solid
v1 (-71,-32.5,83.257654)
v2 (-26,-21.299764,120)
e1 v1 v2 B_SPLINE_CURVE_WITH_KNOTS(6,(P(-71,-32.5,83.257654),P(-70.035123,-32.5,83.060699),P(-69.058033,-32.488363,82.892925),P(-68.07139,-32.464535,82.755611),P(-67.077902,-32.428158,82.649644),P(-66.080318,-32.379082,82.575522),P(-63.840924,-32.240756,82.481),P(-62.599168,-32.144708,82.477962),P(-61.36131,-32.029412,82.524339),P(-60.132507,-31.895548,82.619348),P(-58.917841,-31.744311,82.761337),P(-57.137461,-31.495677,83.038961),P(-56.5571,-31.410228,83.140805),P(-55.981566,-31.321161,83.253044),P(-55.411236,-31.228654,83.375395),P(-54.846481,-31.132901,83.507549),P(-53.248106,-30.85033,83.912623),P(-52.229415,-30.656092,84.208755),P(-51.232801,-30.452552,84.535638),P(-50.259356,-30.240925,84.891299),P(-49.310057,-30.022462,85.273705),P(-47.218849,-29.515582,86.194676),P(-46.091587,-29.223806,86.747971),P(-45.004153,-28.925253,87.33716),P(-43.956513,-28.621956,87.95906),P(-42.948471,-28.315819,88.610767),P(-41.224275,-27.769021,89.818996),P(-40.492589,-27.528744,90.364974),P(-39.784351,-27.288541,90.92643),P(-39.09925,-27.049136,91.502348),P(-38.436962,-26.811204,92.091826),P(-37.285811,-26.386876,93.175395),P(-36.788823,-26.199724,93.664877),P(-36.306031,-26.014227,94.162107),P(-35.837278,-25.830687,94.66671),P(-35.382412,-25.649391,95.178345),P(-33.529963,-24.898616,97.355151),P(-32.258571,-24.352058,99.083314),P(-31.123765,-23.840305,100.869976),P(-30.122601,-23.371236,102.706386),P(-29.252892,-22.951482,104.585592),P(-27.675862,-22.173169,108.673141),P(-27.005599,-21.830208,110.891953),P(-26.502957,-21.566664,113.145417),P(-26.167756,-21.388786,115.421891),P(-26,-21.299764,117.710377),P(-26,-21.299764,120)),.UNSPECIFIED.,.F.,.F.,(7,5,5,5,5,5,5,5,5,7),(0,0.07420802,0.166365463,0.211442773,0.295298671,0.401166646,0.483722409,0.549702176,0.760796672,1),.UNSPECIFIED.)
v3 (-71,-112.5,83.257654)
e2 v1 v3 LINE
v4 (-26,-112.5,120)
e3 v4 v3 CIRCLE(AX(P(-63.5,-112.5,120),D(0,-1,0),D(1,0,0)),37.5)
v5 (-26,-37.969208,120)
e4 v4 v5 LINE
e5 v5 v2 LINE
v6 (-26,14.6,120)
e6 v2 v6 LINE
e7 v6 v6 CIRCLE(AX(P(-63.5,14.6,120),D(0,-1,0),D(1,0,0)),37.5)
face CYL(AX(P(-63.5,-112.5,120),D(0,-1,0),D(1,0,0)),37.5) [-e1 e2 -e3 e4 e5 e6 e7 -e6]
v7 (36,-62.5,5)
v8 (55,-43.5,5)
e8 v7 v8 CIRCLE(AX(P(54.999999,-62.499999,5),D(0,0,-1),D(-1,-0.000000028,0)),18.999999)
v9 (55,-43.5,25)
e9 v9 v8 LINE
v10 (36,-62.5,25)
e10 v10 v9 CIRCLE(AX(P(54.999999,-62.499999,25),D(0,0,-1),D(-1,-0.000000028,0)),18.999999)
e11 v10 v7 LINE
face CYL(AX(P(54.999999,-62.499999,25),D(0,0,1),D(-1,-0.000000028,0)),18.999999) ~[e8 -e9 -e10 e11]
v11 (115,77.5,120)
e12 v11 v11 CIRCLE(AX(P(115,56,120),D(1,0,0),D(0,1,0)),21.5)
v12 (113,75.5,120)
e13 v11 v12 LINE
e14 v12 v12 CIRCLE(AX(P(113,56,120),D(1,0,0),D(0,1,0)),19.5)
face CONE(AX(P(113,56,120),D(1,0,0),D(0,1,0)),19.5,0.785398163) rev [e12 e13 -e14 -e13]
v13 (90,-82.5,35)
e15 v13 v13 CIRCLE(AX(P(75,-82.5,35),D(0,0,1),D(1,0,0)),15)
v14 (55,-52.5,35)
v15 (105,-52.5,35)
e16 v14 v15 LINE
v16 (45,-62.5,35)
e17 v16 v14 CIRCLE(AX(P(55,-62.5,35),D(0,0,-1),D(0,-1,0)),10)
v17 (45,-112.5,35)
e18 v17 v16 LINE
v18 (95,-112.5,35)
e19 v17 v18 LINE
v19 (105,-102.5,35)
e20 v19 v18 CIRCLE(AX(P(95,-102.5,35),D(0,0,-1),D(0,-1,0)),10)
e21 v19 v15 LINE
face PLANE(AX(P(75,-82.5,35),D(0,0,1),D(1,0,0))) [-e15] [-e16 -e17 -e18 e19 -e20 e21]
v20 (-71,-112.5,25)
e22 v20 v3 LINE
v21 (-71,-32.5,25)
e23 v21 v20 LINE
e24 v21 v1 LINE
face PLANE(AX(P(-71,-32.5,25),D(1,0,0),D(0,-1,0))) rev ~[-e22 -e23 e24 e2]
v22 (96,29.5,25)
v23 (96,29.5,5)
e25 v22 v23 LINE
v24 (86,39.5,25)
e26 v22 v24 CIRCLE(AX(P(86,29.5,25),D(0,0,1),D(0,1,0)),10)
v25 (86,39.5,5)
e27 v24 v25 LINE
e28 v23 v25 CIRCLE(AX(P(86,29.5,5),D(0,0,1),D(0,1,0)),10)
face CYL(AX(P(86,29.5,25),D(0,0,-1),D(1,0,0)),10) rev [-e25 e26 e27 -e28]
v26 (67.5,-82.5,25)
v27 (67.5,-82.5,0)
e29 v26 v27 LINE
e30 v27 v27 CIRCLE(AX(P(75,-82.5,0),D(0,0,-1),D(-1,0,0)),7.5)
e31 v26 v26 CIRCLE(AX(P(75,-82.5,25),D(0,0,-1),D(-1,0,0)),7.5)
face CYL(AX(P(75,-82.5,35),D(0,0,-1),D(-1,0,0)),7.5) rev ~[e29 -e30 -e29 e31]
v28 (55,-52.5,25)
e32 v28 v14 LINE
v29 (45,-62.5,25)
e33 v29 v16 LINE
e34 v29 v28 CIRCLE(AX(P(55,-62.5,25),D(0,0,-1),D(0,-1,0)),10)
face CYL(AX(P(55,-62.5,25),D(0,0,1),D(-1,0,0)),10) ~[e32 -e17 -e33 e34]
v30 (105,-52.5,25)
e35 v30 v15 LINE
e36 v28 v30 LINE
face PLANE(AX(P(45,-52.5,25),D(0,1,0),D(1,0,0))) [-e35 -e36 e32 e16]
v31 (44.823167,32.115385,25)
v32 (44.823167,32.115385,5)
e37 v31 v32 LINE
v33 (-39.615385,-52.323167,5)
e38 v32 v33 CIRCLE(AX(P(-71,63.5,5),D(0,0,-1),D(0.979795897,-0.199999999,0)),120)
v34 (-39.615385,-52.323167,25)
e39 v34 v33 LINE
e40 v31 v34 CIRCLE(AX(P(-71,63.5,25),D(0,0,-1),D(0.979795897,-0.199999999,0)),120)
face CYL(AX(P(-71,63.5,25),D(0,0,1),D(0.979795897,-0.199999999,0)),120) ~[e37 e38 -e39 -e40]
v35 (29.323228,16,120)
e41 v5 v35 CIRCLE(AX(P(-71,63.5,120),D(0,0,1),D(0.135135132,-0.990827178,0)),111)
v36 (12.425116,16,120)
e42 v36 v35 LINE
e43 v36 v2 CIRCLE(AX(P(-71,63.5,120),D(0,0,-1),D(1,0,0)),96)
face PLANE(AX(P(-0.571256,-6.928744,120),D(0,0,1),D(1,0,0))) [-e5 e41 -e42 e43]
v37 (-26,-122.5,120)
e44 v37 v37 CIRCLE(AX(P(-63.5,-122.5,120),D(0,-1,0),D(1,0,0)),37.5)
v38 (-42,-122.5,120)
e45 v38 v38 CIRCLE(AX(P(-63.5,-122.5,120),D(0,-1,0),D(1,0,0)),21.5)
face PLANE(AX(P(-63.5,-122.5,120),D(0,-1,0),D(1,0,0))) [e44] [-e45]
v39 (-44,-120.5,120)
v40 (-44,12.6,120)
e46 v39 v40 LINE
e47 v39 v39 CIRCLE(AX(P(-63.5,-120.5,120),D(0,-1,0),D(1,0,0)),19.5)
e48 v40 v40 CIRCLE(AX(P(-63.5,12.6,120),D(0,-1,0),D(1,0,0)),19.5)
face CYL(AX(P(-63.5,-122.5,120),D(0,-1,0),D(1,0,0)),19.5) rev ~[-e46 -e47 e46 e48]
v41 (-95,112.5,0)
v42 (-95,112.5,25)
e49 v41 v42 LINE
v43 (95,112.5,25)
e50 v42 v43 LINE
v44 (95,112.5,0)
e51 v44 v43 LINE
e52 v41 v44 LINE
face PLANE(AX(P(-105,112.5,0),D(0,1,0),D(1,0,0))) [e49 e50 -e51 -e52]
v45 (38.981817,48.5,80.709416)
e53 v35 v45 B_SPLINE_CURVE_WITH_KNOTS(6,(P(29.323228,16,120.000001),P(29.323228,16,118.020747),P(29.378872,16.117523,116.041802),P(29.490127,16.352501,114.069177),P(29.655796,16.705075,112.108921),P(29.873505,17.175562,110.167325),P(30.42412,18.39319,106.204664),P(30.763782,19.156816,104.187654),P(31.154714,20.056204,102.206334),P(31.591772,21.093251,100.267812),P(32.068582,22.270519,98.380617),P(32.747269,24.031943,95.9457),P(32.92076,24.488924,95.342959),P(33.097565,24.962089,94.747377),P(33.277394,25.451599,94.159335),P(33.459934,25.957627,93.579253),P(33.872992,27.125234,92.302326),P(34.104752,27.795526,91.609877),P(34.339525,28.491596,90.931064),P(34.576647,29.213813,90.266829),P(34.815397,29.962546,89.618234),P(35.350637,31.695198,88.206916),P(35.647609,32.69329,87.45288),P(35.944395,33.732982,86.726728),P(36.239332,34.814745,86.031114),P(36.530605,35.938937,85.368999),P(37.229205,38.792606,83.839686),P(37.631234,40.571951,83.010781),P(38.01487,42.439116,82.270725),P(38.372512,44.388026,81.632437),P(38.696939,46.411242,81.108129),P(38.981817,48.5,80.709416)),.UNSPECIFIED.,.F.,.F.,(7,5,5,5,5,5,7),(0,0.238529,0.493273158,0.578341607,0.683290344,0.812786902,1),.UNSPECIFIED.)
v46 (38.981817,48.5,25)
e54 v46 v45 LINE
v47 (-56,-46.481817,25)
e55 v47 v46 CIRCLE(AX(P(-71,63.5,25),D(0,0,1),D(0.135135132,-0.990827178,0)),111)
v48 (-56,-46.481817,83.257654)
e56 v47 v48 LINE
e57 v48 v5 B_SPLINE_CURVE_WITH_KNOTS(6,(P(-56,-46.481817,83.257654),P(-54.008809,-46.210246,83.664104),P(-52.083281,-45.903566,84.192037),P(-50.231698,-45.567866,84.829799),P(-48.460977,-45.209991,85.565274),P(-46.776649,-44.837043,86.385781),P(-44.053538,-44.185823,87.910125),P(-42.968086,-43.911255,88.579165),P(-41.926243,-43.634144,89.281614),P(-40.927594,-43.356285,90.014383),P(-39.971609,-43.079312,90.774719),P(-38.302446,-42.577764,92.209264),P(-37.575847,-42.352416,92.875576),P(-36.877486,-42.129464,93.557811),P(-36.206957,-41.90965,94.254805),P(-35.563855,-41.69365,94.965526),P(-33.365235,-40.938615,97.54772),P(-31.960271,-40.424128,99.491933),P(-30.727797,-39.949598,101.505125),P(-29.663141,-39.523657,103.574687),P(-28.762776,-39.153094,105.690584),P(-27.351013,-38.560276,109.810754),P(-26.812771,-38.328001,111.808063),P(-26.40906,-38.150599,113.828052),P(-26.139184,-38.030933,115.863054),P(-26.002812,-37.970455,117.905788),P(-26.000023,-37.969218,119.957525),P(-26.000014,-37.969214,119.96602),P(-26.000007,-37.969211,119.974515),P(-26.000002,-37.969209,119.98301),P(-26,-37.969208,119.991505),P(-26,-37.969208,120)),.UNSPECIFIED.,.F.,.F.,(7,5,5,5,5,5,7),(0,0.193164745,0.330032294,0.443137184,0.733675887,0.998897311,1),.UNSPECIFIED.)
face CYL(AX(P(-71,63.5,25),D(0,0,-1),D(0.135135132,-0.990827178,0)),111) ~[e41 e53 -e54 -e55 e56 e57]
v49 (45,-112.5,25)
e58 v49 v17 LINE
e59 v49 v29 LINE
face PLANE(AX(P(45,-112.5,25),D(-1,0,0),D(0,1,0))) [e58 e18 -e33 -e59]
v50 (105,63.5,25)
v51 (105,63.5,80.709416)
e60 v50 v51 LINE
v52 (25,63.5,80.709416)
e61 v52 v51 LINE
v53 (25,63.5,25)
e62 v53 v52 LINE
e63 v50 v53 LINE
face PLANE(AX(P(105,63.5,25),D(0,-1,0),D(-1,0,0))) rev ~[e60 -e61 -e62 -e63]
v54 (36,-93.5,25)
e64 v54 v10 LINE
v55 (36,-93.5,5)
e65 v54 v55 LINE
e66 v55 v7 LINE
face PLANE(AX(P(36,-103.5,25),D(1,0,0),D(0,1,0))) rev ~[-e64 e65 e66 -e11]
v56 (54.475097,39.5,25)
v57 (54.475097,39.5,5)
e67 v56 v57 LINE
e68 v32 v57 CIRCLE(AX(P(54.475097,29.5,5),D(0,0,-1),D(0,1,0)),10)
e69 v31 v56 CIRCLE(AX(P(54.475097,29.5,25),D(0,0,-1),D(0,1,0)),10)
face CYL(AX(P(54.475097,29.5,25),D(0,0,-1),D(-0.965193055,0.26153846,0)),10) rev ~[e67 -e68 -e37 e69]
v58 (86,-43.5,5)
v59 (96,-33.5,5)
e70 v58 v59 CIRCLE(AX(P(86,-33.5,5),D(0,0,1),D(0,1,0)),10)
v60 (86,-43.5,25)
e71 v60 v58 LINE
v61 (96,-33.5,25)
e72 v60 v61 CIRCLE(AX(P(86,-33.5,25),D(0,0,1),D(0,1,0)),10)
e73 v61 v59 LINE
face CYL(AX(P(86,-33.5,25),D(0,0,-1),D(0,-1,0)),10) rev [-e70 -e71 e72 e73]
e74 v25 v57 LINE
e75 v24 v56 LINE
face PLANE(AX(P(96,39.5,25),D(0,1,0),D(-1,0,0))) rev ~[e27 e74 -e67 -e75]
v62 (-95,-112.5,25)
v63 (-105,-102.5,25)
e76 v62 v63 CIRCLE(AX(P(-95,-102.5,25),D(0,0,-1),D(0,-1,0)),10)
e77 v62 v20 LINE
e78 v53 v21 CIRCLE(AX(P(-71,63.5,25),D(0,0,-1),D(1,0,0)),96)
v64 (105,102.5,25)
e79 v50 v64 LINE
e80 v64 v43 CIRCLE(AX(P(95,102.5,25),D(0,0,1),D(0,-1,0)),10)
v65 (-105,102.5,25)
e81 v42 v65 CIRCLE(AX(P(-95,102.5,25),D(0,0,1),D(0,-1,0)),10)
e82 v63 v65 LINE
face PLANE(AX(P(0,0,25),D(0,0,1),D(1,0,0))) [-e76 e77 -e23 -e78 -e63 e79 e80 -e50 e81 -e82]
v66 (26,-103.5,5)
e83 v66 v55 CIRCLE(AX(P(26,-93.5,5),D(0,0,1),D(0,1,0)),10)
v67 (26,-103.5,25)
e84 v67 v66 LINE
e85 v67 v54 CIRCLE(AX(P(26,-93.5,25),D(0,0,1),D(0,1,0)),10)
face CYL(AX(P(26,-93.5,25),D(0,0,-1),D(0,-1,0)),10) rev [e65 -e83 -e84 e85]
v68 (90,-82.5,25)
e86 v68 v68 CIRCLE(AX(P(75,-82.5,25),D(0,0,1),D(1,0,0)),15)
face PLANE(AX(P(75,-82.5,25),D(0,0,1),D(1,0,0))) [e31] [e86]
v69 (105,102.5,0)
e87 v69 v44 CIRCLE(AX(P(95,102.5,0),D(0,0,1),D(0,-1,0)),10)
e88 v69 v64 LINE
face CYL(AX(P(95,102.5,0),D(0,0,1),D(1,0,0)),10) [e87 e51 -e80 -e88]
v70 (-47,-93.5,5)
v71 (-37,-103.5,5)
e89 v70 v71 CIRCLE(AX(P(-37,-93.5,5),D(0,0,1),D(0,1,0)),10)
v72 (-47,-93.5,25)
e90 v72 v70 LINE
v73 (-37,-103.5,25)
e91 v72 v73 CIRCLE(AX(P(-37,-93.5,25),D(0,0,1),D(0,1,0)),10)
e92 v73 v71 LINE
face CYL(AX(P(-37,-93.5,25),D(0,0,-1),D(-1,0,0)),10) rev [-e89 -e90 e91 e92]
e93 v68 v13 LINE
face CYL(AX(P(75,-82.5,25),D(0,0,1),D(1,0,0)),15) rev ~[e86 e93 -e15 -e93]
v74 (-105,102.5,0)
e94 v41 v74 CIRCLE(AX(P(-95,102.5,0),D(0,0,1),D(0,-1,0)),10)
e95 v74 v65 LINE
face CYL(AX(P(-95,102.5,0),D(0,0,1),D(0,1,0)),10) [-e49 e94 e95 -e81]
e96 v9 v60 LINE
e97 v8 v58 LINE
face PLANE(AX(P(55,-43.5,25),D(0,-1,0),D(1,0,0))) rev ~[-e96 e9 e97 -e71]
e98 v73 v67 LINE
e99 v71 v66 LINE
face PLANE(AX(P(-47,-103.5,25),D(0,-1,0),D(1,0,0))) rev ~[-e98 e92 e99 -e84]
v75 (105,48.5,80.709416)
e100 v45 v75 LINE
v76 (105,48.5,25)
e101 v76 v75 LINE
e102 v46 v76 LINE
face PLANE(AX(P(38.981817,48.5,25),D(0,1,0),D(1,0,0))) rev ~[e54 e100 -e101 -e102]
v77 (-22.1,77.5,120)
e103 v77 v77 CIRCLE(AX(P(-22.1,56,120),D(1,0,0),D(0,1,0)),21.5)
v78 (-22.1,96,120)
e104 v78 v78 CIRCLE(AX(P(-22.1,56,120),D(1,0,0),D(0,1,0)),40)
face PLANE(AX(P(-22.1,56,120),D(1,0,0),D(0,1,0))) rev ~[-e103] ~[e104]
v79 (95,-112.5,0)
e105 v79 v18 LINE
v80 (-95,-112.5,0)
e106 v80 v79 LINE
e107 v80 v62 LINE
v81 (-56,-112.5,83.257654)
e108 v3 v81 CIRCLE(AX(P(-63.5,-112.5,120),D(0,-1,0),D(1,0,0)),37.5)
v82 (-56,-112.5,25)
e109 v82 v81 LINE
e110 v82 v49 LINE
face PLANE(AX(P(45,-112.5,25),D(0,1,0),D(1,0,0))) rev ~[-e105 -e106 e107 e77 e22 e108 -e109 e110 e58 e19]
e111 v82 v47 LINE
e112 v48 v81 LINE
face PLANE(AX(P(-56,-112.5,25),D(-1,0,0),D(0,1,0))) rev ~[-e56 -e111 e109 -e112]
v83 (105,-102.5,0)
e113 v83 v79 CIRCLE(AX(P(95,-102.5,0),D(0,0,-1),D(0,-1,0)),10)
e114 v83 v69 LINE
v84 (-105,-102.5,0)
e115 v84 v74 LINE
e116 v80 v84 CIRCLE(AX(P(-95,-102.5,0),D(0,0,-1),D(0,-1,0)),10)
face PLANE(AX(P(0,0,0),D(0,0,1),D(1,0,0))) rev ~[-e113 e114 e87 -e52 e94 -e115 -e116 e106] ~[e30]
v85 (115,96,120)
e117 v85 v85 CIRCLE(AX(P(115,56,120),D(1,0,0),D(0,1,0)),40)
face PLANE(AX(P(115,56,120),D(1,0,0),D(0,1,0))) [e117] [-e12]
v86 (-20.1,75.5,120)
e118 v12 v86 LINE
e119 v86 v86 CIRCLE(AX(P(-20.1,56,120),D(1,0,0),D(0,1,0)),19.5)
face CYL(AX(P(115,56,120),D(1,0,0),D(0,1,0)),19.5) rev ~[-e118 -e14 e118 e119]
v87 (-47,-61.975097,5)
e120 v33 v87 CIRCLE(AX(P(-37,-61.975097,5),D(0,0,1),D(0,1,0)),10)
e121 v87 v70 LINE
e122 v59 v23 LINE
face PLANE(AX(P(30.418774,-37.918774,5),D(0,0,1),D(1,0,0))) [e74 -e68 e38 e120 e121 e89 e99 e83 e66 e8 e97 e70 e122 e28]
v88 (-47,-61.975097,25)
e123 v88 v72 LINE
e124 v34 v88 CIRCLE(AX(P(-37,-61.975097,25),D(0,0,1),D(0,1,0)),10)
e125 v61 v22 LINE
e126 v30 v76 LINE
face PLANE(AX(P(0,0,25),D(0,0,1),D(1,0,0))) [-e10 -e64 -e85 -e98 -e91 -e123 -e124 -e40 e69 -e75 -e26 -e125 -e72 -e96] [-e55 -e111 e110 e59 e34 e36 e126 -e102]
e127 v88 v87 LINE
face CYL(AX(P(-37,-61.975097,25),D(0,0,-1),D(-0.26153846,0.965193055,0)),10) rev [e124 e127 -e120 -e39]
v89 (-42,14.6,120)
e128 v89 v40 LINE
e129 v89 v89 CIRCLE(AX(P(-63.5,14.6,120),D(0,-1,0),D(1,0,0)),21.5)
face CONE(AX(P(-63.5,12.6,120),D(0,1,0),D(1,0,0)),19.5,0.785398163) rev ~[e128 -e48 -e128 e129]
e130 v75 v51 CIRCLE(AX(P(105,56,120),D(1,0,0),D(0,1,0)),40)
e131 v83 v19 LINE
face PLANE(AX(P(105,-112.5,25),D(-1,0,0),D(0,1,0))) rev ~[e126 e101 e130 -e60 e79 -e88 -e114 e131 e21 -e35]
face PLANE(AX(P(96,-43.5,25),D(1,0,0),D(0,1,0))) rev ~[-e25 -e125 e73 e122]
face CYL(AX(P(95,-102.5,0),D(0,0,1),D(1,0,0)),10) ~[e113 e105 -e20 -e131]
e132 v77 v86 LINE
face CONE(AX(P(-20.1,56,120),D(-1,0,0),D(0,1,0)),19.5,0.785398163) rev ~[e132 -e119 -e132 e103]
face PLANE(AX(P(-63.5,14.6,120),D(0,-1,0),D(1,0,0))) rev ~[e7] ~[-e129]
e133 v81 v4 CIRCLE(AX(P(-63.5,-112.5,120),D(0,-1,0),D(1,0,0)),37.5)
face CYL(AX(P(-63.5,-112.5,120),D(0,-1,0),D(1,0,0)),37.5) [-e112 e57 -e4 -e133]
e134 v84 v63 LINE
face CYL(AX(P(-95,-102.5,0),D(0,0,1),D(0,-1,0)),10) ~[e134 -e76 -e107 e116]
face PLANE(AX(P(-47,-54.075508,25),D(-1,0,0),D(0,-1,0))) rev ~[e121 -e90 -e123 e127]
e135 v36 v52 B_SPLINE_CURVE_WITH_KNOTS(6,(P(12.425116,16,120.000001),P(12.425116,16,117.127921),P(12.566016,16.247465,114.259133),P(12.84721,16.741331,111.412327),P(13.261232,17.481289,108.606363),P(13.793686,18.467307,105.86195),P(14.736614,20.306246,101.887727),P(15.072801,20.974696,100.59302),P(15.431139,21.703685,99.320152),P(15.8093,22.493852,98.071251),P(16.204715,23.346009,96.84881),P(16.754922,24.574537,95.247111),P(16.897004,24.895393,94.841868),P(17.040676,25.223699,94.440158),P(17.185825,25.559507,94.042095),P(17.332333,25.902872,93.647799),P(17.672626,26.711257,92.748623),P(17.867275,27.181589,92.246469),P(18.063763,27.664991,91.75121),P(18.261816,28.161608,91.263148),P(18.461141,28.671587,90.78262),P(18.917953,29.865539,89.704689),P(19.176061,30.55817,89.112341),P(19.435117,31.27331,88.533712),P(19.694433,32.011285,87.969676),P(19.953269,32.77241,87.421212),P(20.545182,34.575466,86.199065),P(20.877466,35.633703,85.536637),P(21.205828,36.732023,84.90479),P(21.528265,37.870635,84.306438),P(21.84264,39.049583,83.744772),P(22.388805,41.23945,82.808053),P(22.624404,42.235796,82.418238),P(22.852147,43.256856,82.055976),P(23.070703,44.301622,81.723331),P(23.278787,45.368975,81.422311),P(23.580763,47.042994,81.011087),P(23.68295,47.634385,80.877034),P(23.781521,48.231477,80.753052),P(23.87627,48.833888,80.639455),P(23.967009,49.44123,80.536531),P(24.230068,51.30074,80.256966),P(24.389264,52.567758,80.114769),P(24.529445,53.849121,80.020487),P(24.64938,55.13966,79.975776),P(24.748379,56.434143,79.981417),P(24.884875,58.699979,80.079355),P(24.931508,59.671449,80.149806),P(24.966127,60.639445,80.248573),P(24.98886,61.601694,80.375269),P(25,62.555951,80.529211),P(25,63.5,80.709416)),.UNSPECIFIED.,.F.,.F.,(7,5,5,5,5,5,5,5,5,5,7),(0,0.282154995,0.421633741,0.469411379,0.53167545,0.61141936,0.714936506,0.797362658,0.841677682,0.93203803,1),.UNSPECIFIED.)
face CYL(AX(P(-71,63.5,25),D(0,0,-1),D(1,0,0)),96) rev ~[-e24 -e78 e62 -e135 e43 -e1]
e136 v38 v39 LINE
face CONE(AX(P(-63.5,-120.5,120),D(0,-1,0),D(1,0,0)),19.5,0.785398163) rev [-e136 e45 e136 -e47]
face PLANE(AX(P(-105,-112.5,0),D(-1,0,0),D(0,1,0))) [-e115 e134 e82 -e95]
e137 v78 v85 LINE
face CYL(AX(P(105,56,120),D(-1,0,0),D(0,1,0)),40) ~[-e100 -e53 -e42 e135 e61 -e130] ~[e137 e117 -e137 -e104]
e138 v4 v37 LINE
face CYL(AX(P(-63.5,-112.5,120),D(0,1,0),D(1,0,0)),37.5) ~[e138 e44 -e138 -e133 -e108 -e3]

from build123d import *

# Parameters (mm, degrees)
F0_W            = 210
F0_H            = 225
F1_DEPTH        = 25
F3_DEPTH        = 95
F4_R            = 37.5
F5_DEPTH        = 10
F5_DEPTH_BACK   = 127.1
F6_R            = 40
F7_DEPTH        = 10
F7_DEPTH_BACK   = 127.1
F8_W            = 60
F8_H            = 60
F9_DEPTH        = 10
F10_R           = 10
F12_DEPTH       = 20
F14_D           = 15
F14_CBORE_D     = 30
F14_CBORE_DEPTH = 10
F15_R           = 10
F16_R           = 19.5
F17_DEPTH       = 235.001
F18_R           = 19.5
F19_DEPTH       = 220.001
F20_SIZE        = 2
F21_R           = 10


with BuildPart() as f1:
    # F0 (on Top) → F1 (new body)
    with BuildSketch(Plane.XY):
        Rectangle(F0_W, F0_H)
    extrude(amount=F1_DEPTH)

    # F2 (on face) → F3 (join)
    with BuildSketch(Plane.XY.offset(25)):
        with BuildLine():
            Line((-71, -32.5), (-71, -112.5))
            Line((-71, -112.5), (-56, -112.5))
            Line((-56, -112.5), (-56, -46.481817))
            ThreePointArc((-56, -46.481817), (7.488853, -14.988853), (38.981817, 48.5))
            Line((38.981817, 48.5), (105, 48.5))
            Line((105, 48.5), (105, 63.5))
            Line((105, 63.5), (25, 63.5))
            ThreePointArc((25, 63.5), (-3.117749, -4.382251), (-71, -32.5))
        make_face()
    extrude(amount=F3_DEPTH)

    # F4 (on face) → F5 (join, two sides)
    with BuildSketch(Plane.XZ.offset(112.5)) as f5_sk:
        with Locations((-63.5, 120)):
            Circle(F4_R)
    extrude(amount=F5_DEPTH)
    extrude(f5_sk.sketch, amount=-F5_DEPTH_BACK)

    # F6 (on face) → F7 (join, two sides)
    with BuildSketch(Plane.YZ.offset(105)) as f7_sk:
        with Locations((56, 120)):
            Circle(F6_R)
    extrude(amount=F7_DEPTH)
    extrude(f7_sk.sketch, amount=-F7_DEPTH_BACK)

    # F8 (on face) → F9 (join)
    with BuildSketch(Plane.XY.offset(25)):
        with Locations((75, -82.5)):
            Rectangle(F8_W, F8_H)
    extrude(amount=F9_DEPTH)

    # F10
    f10_edges = [f1.edges().sort_by_distance(p)[0] for p in [
        (45, -52.5, 30),
    ]]
    fillet(f10_edges, radius=F10_R)

    # F11 (on face) → F12 (cut)
    with BuildSketch(Plane.XY.offset(25)):
        with BuildLine():
            ThreePointArc((46.575508, 39.5), (13.852814, -21.352814), (-47, -54.075508))
            Line((-47, -54.075508), (-47, -103.5))
            Line((-47, -103.5), (36, -103.5))
            Line((36, -103.5), (36, -62.5))
            ThreePointArc((36, -62.5), (41.564971, -49.064971), (55, -43.5))
            Line((55, -43.5), (96, -43.5))
            Line((96, -43.5), (96, 39.5))
            Line((96, 39.5), (46.575508, 39.5))
        make_face()
    extrude(amount=-F12_DEPTH, mode=Mode.SUBTRACT)

    # F14 (through all)
    with Locations(Plane.XY.offset(35)):
        with Locations((75, -82.5)):
            CounterBoreHole(F14_D / 2, F14_CBORE_D / 2, F14_CBORE_DEPTH)

    # F15
    f15_edges = [f1.edges().sort_by_distance(p)[0] for p in [
        (-47, -54.075508, 15),
        (46.575508, 39.5, 15),
        (-47, -103.5, 15),
        (36, -103.5, 15),
        (96, -43.5, 15),
        (96, 39.5, 15),
    ]]
    fillet(f15_edges, radius=F15_R)

    # F16 (on face) → F17 (cut, through all)
    with BuildSketch(Plane.XZ.offset(122.5)):
        with Locations((-63.5, 120)):
            Circle(F16_R)
    extrude(amount=-F17_DEPTH, mode=Mode.SUBTRACT)

    # F18 (on face) → F19 (cut, through all)
    with BuildSketch(Plane.YZ.offset(115)):
        with Locations((56, 120)):
            Circle(F18_R)
    extrude(amount=-F19_DEPTH, mode=Mode.SUBTRACT)

    # F20
    f20_edges = [f1.edges().sort_by_distance(p)[0] for p in [
        (115, 36.5, 120),
        (-83, -122.5, 120),
        (-83, 14.6, 120),
        (-22.1, 36.5, 120),
    ]]
    chamfer(f20_edges, length=F20_SIZE)

    # F21
    f21_edges = [f1.edges().sort_by_distance(p)[0] for p in [
        (-105, 112.5, 12.5),
        (105, 112.5, 12.5),
        (105, -112.5, 17.5),
        (-105, -112.5, 12.5),
    ]]
    fillet(f21_edges, radius=F21_R)


solid = f1.part
